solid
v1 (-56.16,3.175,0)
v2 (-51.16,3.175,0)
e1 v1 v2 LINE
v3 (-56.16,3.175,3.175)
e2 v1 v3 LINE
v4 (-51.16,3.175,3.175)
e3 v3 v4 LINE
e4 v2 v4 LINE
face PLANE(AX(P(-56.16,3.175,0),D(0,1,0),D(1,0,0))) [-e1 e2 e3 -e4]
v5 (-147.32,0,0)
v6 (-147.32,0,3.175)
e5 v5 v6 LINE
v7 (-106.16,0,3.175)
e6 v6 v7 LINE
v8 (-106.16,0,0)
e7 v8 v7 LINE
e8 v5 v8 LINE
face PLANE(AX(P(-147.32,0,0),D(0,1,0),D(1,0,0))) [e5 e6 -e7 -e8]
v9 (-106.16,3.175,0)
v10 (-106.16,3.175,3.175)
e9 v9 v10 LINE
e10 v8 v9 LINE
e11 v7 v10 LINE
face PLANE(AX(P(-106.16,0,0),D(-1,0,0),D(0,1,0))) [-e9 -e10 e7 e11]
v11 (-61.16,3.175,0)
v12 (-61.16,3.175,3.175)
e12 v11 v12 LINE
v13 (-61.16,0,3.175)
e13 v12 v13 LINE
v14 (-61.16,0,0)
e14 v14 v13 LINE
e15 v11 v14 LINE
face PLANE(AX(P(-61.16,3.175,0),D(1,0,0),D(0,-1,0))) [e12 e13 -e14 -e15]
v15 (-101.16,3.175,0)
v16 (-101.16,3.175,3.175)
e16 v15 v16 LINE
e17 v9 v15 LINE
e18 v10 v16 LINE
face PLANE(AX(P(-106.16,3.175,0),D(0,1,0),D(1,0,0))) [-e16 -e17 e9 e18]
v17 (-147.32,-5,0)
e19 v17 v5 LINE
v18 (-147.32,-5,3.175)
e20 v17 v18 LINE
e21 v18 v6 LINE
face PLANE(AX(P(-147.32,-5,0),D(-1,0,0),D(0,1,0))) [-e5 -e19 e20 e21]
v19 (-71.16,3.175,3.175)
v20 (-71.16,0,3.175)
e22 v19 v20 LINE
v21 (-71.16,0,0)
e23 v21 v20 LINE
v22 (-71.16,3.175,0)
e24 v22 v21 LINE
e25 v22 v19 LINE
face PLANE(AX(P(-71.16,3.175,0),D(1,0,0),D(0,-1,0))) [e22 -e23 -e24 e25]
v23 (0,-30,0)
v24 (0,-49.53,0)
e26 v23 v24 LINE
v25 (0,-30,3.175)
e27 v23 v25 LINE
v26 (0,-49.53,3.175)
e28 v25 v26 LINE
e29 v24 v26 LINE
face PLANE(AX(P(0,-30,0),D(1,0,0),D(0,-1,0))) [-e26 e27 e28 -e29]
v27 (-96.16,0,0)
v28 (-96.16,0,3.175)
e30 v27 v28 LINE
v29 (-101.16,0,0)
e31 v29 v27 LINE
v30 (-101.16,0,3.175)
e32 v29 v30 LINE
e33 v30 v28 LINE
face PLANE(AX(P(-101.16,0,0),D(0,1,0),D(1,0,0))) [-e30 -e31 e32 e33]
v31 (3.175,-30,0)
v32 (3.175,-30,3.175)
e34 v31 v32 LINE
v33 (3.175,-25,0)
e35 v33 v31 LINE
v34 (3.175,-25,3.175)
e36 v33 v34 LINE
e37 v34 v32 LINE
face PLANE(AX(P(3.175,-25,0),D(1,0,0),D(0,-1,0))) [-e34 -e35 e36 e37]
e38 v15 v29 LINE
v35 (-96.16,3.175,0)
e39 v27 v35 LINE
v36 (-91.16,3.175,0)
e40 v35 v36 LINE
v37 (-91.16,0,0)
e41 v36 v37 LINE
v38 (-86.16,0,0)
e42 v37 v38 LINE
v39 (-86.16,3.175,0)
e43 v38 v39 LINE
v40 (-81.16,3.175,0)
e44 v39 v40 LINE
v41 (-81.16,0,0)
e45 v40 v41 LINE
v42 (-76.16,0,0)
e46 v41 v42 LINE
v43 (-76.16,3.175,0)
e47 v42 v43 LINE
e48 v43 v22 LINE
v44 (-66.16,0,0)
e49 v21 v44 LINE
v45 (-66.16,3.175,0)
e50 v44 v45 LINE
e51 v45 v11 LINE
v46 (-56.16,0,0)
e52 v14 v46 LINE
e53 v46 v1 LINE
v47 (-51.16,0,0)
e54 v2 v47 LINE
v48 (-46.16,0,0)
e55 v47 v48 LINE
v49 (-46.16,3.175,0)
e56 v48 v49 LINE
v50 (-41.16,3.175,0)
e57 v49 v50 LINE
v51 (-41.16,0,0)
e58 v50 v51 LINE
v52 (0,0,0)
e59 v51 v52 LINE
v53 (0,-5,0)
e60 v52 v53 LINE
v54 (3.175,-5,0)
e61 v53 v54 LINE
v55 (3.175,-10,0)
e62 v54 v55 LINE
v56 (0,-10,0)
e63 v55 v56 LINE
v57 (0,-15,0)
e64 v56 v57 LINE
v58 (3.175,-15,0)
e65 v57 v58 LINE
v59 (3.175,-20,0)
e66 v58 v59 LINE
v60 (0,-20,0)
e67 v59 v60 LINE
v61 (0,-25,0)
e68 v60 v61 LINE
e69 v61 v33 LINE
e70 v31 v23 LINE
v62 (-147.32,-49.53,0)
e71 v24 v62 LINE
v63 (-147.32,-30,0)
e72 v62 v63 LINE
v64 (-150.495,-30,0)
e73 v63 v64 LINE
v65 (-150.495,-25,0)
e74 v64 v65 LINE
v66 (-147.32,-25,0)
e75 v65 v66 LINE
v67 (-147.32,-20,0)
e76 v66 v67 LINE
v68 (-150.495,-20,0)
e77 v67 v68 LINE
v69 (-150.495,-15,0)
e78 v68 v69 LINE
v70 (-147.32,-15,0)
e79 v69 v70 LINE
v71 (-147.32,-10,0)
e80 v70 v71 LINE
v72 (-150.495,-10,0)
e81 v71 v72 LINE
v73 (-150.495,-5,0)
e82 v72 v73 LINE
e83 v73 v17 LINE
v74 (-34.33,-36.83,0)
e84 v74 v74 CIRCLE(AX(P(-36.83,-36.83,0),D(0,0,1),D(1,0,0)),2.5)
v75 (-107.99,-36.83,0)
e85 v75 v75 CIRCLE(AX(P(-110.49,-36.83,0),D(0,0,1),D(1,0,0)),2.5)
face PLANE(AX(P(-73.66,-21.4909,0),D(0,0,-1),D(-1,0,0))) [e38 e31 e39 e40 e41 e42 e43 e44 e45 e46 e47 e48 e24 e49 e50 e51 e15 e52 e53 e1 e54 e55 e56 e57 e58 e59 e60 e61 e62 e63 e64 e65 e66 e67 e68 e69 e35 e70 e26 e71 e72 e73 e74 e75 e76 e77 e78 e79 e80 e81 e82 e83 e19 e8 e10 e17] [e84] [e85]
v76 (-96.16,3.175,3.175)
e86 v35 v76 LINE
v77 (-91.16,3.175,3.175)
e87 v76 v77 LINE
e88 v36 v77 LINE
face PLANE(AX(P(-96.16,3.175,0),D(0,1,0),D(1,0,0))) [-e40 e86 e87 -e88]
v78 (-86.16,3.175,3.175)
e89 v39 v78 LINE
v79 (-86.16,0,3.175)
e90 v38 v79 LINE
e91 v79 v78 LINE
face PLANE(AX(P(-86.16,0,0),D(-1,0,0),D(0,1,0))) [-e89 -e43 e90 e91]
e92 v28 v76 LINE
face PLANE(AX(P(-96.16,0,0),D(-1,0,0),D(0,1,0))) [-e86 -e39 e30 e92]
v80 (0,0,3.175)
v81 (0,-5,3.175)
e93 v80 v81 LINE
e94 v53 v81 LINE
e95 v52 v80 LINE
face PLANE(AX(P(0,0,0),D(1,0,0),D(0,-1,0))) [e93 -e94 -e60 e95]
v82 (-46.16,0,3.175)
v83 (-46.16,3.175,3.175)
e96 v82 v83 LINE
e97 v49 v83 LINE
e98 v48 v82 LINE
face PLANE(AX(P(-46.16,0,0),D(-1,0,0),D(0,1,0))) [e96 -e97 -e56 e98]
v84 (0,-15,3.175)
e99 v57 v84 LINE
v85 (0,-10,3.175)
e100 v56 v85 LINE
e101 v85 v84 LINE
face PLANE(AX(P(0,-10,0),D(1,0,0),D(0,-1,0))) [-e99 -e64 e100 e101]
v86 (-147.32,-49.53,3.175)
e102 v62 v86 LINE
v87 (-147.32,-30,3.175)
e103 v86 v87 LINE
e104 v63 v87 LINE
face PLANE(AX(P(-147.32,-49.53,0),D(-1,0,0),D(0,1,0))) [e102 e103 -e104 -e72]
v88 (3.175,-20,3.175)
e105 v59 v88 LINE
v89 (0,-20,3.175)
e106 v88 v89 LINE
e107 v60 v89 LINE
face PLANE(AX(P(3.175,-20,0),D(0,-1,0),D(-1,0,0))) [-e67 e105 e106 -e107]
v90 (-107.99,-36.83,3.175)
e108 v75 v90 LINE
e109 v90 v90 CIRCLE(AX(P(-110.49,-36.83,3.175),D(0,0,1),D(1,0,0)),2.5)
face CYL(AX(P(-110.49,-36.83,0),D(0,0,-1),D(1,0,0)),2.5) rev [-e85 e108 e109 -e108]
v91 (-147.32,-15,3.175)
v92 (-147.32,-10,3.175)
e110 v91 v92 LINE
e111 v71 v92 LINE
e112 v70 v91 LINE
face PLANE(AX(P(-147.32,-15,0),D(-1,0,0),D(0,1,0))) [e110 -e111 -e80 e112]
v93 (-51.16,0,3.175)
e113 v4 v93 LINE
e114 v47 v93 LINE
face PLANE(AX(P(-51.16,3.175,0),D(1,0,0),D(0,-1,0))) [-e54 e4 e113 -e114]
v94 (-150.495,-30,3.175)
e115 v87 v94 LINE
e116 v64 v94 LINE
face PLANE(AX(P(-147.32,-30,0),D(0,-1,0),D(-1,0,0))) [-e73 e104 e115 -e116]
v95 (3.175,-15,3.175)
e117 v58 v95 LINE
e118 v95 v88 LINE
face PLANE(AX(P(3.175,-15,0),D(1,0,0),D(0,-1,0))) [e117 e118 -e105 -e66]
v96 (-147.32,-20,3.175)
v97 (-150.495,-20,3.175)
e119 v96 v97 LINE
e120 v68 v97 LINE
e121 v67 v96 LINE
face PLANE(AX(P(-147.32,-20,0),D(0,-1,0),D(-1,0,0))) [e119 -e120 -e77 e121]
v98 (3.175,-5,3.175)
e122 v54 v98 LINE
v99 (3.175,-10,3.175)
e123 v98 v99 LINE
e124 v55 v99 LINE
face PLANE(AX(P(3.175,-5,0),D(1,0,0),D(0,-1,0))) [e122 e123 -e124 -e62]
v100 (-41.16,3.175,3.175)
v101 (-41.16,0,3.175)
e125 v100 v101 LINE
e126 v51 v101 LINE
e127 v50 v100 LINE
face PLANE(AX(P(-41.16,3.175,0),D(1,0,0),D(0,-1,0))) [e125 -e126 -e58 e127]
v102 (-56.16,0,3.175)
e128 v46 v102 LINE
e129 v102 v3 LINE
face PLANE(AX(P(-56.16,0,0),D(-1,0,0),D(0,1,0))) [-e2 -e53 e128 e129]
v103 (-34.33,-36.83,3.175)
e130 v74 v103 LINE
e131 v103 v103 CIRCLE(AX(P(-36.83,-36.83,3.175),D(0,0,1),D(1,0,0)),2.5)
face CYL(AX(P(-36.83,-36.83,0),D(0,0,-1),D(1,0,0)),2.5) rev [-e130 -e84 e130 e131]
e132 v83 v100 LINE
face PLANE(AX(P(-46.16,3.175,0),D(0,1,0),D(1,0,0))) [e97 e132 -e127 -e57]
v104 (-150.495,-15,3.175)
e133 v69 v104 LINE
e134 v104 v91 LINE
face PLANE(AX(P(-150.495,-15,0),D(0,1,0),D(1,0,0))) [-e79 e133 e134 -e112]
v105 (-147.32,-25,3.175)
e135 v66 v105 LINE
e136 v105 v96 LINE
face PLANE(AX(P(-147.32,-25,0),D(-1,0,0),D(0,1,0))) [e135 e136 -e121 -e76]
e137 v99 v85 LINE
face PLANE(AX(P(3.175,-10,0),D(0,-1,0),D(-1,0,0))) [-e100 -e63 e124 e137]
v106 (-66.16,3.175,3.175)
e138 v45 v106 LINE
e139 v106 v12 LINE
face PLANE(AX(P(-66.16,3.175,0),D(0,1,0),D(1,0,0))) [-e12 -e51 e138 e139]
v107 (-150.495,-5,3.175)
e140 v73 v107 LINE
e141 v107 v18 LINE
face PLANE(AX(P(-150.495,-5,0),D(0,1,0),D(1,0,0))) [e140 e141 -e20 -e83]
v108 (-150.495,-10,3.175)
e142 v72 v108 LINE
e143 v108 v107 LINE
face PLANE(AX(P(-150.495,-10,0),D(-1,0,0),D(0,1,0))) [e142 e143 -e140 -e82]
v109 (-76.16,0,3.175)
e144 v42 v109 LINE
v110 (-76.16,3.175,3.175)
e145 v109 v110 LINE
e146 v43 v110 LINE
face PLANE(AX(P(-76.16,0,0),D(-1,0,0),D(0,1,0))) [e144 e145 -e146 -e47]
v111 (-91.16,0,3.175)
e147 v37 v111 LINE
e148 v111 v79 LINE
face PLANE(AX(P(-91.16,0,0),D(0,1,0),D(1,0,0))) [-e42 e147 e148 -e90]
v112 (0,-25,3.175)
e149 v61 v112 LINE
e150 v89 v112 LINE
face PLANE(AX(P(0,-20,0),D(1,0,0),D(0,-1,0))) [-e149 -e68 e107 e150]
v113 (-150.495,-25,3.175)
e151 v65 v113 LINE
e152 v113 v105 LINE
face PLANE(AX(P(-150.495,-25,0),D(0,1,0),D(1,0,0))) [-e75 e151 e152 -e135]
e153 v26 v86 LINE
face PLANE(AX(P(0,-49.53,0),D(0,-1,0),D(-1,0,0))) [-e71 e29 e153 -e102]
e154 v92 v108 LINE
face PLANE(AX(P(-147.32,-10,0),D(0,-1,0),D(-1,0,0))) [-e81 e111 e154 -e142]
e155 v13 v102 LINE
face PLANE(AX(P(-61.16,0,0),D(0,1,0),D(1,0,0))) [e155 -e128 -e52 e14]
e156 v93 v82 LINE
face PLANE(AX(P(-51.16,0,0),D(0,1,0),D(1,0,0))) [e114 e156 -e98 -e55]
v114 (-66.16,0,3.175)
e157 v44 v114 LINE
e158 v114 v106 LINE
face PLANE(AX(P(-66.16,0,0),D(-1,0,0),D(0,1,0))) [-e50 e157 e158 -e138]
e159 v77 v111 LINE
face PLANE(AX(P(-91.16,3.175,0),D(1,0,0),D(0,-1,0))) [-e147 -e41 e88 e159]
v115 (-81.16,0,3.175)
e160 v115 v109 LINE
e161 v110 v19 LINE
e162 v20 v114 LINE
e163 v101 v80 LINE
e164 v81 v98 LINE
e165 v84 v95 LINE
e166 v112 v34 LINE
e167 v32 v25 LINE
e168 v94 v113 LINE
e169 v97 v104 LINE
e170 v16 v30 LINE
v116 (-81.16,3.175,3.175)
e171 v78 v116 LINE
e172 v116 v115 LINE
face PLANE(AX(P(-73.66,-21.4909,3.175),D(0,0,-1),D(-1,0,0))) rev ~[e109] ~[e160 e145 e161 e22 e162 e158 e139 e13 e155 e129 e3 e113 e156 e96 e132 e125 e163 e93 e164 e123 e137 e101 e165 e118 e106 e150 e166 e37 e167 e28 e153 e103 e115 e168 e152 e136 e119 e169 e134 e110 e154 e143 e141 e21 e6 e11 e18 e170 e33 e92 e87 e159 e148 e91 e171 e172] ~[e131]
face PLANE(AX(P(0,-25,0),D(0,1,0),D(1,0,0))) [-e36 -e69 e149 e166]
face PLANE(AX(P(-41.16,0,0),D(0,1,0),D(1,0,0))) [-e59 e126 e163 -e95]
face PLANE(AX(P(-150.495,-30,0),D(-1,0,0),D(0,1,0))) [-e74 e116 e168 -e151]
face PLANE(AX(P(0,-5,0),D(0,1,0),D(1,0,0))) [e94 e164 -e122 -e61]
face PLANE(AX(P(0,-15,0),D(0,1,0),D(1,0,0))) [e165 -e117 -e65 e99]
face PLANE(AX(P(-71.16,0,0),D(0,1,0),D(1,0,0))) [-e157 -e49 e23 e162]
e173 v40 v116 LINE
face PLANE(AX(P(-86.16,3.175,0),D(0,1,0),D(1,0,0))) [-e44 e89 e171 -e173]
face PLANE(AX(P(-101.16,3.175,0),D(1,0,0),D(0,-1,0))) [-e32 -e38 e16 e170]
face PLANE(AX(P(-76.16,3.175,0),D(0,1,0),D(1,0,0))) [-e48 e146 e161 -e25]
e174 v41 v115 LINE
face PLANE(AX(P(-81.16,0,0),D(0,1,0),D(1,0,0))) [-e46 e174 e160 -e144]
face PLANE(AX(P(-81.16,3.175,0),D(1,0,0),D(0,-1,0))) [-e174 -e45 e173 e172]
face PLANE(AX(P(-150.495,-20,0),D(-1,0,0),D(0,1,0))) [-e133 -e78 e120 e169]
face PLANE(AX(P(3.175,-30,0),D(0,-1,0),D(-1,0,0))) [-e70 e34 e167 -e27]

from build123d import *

# Parameters (mm, degrees)
SKETCH1_R           = 2.5
BOSS_EXTRUDE1_DEPTH = 3.175


with BuildPart() as part:
    # Sketch1 → Boss-Extrude1 (new body)
    with BuildSketch(Plane.XY):
        Polygon((-147.32, 0), (-106.16, 0), (-106.16, 3.175), (-101.16, 3.175), (-101.16, 0), (-96.16, 0), (-96.16, 3.175), (-91.16, 3.175), (-91.16, 0), (-86.16, 0), (-86.16, 3.175), (-81.16, 3.175), (-81.16, 0), (-76.16, 0), (-76.16, 3.175), (-71.16, 3.175), (-71.16, 0), (-66.16, 0), (-66.16, 3.175), (-61.16, 3.175), (-61.16, 0), (-56.16, 0), (-56.16, 3.175), (-51.16, 3.175), (-51.16, 0), (-46.16, 0), (-46.16, 3.175), (-41.16, 3.175), (-41.16, 0), (0, 0), (0, -5), (3.175, -5), (3.175, -10), (0, -10), (0, -15), (3.175, -15), (3.175, -20), (0, -20), (0, -25), (3.175, -25), (3.175, -30), (0, -30), (0, -49.53), (-147.32, -49.53), (-147.32, -30), (-150.495, -30), (-150.495, -25), (-147.32, -25), (-147.32, -20), (-150.495, -20), (-150.495, -15), (-147.32, -15), (-147.32, -10), (-150.495, -10), (-150.495, -5), (-147.32, -5), align=None)
        with Locations((-110.49, -36.83)):
            Circle(SKETCH1_R, mode=Mode.SUBTRACT)
        with Locations((-36.83, -36.83)):
            Circle(SKETCH1_R, mode=Mode.SUBTRACT)
    extrude(amount=BOSS_EXTRUDE1_DEPTH)


solid = part.part
